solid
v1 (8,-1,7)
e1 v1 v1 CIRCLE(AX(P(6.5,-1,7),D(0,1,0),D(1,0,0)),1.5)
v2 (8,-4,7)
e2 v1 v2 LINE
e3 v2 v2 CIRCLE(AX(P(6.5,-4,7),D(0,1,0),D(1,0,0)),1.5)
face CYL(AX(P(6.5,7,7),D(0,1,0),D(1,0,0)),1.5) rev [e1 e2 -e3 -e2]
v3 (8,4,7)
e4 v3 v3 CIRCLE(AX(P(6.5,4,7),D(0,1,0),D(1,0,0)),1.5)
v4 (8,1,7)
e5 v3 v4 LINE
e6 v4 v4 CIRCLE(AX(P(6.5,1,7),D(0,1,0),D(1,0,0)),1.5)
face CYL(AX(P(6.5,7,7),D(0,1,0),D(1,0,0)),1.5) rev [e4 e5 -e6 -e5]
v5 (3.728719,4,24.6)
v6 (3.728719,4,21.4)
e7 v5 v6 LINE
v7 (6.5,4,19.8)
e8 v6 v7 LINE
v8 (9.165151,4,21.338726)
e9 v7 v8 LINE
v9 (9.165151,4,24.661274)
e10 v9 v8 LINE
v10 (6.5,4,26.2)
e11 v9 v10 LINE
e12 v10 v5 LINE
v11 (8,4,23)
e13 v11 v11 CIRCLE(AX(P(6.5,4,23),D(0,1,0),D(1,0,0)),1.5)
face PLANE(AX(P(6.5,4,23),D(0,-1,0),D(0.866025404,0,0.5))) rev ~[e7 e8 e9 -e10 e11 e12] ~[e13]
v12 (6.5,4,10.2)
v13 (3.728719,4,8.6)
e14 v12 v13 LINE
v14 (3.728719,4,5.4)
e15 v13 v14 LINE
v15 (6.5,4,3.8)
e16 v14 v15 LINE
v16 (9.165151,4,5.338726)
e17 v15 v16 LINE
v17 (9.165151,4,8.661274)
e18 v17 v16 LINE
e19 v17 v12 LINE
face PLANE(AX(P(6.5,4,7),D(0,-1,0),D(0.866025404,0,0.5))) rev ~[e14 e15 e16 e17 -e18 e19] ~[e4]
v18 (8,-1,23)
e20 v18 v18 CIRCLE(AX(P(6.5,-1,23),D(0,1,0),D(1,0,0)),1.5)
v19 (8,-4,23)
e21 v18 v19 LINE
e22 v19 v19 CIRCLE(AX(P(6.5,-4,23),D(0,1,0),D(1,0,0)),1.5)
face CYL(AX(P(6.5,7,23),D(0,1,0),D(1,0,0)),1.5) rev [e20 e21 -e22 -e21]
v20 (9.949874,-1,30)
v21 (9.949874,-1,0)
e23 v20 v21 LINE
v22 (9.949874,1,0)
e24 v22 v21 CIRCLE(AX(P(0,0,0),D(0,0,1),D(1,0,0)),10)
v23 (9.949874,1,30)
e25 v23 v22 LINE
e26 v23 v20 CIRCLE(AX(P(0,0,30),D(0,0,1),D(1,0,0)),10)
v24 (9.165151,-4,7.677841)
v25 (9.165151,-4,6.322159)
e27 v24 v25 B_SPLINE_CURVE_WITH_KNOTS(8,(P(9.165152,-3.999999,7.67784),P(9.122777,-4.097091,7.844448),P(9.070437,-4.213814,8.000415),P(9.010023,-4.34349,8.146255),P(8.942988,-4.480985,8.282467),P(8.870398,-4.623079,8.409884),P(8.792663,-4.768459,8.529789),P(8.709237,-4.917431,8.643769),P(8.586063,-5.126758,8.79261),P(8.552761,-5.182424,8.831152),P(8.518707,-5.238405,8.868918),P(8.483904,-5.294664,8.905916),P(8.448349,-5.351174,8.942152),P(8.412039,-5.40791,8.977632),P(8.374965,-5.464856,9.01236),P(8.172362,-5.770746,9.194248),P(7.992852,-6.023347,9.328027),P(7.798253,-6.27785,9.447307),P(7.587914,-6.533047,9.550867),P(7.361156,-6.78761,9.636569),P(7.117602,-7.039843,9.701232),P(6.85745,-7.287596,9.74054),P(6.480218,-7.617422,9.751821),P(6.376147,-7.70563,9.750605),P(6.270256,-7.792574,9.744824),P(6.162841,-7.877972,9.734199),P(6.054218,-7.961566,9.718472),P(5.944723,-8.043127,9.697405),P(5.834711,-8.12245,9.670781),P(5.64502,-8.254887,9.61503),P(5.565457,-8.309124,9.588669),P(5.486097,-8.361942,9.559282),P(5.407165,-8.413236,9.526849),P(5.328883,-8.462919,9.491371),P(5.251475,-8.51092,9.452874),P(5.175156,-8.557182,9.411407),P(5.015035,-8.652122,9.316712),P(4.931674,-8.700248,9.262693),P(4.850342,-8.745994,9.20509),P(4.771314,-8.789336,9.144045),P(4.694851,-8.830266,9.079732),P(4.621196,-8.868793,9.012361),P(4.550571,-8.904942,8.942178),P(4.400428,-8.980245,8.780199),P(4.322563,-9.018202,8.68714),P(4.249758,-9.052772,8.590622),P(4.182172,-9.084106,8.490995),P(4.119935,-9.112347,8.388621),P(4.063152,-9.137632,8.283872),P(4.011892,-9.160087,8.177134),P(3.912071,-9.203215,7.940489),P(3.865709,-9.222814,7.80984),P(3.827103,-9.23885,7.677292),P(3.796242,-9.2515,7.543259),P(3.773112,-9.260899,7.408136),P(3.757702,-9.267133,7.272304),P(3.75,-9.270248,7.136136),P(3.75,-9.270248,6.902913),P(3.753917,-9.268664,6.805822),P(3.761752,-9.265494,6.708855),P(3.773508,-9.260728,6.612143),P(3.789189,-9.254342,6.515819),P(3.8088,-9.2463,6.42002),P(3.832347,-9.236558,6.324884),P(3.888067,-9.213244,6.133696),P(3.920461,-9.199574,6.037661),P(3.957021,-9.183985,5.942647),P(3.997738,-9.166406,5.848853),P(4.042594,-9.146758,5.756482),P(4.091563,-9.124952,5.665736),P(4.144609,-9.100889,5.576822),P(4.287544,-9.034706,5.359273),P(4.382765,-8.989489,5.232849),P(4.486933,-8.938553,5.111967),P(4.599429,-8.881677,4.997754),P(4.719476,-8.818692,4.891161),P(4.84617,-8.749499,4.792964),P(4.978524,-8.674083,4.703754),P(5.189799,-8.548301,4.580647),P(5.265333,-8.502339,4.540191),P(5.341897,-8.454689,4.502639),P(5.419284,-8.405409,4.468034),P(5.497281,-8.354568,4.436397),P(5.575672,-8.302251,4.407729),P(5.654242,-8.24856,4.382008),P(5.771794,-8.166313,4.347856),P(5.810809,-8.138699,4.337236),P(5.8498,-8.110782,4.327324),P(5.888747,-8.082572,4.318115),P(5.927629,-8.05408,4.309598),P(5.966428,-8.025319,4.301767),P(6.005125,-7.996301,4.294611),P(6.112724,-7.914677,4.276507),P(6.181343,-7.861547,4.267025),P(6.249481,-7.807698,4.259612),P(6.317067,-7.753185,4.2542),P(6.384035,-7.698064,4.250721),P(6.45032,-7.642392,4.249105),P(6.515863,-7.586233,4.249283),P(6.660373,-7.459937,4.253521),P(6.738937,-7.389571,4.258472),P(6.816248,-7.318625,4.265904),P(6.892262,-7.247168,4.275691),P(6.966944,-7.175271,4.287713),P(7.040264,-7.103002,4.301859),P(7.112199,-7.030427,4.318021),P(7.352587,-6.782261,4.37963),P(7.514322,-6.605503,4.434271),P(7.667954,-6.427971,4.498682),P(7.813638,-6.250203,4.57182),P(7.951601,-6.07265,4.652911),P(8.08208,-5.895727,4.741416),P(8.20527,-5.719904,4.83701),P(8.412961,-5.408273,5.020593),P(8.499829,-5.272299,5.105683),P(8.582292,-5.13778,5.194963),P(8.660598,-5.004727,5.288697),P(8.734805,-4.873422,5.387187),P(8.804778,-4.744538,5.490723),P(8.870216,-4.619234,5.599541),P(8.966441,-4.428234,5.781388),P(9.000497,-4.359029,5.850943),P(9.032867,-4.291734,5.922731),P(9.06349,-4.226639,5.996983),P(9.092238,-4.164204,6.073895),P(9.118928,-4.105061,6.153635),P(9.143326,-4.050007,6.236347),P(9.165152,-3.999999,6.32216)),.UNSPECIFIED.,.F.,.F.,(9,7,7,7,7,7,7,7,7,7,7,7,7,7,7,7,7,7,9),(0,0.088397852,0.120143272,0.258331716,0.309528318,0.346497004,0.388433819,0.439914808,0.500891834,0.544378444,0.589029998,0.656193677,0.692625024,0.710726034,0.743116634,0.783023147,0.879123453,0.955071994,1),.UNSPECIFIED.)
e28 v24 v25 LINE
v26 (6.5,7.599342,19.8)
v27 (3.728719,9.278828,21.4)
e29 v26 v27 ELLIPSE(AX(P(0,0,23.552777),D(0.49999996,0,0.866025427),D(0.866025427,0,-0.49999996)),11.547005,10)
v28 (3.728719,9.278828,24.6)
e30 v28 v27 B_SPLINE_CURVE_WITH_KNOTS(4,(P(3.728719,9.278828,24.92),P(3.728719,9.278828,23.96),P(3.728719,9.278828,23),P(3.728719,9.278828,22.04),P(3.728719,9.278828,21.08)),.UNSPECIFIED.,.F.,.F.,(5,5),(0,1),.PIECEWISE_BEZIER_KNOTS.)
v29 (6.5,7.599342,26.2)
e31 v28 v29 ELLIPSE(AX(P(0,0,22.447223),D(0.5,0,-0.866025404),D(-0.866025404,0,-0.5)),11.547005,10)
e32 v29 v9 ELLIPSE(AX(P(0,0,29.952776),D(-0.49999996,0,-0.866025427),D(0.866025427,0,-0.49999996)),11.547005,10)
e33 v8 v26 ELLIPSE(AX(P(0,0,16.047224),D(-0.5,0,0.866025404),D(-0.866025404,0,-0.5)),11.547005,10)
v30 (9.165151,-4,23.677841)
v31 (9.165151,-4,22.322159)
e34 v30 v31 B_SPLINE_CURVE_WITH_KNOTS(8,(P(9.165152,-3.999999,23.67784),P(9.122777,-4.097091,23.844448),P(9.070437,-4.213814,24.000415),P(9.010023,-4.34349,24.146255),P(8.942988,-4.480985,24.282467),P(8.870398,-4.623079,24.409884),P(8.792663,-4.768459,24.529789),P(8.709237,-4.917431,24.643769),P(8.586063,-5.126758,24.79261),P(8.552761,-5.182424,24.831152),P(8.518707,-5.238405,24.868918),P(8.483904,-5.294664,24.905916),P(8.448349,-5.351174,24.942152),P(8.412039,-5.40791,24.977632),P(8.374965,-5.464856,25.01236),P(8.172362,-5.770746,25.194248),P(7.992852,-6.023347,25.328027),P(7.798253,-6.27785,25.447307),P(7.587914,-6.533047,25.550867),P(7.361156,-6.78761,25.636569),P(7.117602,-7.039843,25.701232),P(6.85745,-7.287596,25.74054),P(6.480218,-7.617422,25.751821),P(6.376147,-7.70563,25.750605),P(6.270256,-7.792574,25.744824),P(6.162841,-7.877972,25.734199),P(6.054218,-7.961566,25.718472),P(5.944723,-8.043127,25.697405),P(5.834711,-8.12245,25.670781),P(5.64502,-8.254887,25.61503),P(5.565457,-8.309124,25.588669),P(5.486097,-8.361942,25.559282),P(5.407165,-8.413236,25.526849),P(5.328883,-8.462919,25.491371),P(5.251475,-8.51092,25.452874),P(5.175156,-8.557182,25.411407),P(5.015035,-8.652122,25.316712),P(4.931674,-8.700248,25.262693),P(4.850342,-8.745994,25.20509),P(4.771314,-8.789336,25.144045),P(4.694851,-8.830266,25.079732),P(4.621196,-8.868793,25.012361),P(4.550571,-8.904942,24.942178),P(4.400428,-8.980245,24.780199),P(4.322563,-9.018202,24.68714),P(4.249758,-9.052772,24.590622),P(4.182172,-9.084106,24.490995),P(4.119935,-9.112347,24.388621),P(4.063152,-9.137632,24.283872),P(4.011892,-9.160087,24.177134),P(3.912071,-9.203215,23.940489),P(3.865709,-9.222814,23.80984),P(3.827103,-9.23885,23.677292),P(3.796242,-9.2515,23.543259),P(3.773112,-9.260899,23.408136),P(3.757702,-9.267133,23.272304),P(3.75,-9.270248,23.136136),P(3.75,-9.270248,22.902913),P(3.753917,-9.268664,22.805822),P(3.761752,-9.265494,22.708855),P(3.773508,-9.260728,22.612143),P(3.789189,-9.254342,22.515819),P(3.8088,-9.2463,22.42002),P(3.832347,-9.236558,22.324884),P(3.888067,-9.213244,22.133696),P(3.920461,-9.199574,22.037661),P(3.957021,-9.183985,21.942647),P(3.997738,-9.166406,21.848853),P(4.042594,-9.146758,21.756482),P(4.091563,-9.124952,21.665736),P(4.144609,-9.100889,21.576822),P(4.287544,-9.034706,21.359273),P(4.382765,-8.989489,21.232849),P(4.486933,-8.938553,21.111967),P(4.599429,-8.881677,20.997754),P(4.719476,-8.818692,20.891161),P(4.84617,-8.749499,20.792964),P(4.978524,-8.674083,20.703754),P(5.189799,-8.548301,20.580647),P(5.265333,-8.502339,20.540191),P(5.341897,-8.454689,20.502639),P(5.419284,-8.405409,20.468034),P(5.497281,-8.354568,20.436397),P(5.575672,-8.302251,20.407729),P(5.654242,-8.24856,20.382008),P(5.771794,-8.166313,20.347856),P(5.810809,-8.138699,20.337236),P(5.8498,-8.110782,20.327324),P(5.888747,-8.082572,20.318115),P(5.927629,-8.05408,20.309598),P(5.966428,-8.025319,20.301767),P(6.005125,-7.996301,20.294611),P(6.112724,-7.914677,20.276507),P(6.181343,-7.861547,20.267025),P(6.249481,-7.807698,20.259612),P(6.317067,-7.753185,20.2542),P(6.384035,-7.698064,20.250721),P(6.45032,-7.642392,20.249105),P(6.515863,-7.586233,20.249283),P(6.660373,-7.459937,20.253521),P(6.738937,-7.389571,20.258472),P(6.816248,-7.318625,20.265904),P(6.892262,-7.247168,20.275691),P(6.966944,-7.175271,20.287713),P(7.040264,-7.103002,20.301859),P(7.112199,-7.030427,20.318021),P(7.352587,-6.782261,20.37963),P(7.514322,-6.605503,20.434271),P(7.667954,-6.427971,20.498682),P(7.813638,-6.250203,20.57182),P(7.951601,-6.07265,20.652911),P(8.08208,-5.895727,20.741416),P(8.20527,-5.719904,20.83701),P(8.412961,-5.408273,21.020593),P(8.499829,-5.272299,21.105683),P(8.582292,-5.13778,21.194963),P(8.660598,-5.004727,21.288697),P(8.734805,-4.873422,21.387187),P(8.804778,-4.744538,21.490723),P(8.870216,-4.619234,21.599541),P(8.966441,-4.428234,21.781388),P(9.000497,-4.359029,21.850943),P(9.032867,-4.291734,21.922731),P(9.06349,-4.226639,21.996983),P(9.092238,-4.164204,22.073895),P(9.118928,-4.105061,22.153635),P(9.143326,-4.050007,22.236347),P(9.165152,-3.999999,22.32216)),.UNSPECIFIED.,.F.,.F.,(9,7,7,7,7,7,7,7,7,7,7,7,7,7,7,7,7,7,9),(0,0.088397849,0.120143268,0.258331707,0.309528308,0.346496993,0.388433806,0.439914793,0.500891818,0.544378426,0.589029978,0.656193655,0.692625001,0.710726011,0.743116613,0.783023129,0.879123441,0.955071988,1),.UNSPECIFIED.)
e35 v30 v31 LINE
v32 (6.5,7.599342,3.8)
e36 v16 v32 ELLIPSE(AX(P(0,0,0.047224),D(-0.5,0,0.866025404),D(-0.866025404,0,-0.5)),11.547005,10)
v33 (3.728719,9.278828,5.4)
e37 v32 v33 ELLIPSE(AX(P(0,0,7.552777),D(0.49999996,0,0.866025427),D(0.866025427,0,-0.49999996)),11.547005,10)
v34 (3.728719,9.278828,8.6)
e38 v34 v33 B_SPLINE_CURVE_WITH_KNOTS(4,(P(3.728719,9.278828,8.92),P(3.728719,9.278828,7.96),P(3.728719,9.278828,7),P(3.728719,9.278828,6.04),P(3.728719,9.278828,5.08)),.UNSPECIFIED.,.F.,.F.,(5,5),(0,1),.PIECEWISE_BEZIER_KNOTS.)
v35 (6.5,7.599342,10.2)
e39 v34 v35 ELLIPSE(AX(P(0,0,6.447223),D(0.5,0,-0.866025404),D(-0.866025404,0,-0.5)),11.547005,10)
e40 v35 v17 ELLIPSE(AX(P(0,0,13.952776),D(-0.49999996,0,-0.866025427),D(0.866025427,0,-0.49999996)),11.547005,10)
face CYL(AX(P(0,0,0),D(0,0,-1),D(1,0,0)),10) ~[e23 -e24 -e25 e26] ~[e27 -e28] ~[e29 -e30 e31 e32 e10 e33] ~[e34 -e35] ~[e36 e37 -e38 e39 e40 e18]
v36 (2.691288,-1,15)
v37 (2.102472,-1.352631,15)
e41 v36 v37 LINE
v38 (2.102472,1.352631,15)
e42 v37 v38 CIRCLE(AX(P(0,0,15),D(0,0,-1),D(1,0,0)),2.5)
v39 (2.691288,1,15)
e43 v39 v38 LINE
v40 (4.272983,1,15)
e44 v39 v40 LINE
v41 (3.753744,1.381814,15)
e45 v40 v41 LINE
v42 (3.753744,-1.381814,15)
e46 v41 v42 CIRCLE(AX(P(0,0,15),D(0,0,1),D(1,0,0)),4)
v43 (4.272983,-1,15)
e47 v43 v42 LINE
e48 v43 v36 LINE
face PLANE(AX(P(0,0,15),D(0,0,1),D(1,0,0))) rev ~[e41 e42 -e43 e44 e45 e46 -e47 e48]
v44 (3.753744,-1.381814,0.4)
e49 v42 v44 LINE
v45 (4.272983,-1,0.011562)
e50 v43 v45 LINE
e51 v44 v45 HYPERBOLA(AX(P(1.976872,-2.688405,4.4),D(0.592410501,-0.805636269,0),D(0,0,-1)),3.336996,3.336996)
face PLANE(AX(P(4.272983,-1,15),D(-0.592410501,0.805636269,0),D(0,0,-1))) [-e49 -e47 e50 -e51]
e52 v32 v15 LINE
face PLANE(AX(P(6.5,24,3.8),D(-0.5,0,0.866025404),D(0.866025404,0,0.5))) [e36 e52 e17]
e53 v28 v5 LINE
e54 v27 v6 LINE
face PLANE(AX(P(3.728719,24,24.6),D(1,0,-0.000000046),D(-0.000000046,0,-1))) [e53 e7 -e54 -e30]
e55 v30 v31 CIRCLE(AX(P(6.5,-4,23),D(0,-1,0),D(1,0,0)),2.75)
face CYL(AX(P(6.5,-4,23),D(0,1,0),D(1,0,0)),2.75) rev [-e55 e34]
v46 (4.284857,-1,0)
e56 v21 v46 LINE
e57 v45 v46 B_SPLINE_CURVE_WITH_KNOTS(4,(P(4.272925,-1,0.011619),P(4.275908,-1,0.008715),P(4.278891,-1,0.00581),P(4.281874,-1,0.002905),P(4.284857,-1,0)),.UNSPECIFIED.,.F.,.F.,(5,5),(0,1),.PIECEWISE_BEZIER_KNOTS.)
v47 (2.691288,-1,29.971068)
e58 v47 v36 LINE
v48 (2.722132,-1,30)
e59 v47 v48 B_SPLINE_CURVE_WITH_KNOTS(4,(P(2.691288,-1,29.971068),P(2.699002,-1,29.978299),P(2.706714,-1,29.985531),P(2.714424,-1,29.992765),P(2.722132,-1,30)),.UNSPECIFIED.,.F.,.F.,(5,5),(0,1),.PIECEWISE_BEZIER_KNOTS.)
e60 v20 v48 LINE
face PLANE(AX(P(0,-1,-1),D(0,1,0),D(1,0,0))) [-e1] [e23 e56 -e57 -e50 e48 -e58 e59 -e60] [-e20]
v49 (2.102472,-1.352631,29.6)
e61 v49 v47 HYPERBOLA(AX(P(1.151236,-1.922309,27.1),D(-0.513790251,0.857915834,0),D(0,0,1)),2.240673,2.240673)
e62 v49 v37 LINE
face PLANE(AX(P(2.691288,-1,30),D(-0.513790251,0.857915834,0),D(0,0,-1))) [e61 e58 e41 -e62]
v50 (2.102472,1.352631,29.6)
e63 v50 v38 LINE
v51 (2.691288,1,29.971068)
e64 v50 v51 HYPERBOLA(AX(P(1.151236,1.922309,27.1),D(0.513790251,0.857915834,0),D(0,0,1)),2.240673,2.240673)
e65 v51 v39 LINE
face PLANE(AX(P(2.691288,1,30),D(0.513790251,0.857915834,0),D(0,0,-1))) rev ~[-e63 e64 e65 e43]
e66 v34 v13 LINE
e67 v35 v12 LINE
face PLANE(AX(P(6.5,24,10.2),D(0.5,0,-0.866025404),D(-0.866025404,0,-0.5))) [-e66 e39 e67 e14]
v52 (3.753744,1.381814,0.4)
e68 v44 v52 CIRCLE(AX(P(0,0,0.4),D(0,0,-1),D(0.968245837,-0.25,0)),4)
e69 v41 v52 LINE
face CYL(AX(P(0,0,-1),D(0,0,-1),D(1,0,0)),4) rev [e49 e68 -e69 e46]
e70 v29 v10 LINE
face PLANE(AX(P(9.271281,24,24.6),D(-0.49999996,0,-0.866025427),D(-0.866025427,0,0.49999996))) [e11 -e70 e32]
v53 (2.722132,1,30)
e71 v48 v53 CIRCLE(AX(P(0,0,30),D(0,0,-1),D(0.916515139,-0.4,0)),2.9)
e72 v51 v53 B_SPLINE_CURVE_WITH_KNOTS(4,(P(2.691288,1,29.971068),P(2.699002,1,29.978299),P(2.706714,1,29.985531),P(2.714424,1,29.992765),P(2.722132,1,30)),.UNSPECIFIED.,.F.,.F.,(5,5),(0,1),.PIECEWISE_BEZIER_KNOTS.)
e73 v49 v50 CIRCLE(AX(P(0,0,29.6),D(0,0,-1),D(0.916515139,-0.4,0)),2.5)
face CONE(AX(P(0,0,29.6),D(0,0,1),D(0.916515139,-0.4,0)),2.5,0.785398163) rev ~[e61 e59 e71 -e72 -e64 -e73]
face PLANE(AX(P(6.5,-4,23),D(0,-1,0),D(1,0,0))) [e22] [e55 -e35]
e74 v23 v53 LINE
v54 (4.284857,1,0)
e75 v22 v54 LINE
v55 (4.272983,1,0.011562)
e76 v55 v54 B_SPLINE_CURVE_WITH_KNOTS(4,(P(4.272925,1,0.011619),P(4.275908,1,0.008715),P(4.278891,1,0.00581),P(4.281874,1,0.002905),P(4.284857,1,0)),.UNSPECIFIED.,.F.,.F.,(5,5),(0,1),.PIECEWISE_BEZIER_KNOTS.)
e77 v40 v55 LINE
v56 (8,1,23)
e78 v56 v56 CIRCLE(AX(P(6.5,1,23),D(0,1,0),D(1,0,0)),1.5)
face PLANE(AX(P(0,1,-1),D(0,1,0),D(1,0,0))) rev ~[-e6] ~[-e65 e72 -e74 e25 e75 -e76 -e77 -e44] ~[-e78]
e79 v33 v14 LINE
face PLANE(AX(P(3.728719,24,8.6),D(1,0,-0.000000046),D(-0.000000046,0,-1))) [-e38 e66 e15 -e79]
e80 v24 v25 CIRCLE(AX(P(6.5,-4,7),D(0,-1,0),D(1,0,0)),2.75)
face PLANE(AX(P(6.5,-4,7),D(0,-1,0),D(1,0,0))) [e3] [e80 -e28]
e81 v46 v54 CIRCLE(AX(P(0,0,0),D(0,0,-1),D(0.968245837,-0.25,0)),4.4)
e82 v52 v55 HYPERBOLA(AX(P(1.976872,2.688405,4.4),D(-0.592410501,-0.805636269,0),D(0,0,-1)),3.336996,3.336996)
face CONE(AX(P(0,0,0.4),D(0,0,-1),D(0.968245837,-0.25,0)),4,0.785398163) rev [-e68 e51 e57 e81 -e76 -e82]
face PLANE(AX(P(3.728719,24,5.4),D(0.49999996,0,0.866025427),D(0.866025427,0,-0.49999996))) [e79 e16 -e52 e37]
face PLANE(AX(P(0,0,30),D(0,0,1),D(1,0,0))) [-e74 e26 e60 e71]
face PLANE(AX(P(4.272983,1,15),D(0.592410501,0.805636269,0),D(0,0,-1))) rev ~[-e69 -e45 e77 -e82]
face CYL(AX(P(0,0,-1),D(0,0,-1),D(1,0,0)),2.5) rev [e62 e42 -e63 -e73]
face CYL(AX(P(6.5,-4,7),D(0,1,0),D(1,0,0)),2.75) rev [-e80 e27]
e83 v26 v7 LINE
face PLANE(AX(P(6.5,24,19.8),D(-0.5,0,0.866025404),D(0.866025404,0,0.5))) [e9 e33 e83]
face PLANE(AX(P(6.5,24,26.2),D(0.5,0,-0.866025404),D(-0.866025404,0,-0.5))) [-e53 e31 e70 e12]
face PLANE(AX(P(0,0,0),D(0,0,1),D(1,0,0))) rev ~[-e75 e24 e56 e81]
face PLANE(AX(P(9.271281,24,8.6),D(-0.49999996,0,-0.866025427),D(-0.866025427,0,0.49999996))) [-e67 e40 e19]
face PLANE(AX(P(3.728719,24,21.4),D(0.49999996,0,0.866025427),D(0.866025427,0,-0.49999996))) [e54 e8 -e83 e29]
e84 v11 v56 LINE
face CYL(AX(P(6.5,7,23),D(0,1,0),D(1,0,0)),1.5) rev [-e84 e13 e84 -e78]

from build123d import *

# Parameters (mm, degrees)
CYLINDER010_R            = 2.75
CYLINDER010_DEPTH        = 20
PRISM002_DEPTH           = 20
PRISM002_PLACEMENT_ANGLE = 30
CYLINDER009_R            = 1.5
CYLINDER009_DEPTH        = 20
FUSION009_ROLL_ANGLE     = 90
FUSION008_ROLL_ANGLE     = 90
BOX001_W                 = 13
BOX001_H                 = 2
BOX001_DEPTH             = 32
CYLINDER008_R            = 2.5
CYLINDER008_DEPTH        = 32
CYLINDER007_R            = 4
CYLINDER007_DEPTH        = 16
CYLINDER006_R            = 10
CYLINDER006_DEPTH        = 30
CHAMFER003_SIZE          = 0.4


with BuildPart() as cylinder010:
    # Cylinder010 → Cylinder010 (new body)
    with BuildSketch(Plane.XY.offset(4)):
        Circle(CYLINDER010_R)
    extrude(amount=CYLINDER010_DEPTH)


with BuildPart() as prism002:
    # Prism002 → Prism002 (new body)
    with BuildSketch(Plane.XY):
        Polygon((3.2, 0), (1.6, 2.771281), (-1.6, 2.771281), (-3.2, 0), (-1.6, -2.771281), (1.6, -2.771281), align=None)
    extrude(amount=PRISM002_DEPTH)


with BuildPart() as prism002_1:
    # Prism002 placement: moved
    add(prism002.part.moved(Location((0, 0, -24))).rotate(Axis((0, 0, -24), (0, 0, 1)), PRISM002_PLACEMENT_ANGLE))


with BuildPart() as cylinder009:
    # Cylinder009 → Cylinder009 (new body)
    with BuildSketch(Plane.XY.offset(-7)):
        Circle(CYLINDER009_R)
    extrude(amount=CYLINDER009_DEPTH)


with BuildPart() as fusion009:
    # Fusion009 base: copy of Cylinder009
    add(cylinder009.part)

    # Fusion009: union Cylinder010, Prism002
    add(cylinder010.part)
    add(prism002_1.part)


with BuildPart() as fusion009_1:
    # Fusion009 roll: moved
    add(fusion009.part.rotate(Axis((0, 0, 0), (1, 0, 0)), FUSION009_ROLL_ANGLE))


with BuildPart() as fusion009_2:
    # Fusion009 placement: moved
    add(fusion009_1.part.moved(Location((6.5, 0, 23))))


with BuildPart() as fusion010:
    # Fusion008 base: copy of Cylinder009
    add(cylinder009.part)

    # Fusion008: union Cylinder010, Prism002
    add(cylinder010.part)
    add(prism002_1.part)


with BuildPart() as fusion010_1:
    # Fusion008 roll: moved
    add(fusion010.part.rotate(Axis((0, 0, 0), (1, 0, 0)), FUSION008_ROLL_ANGLE))


with BuildPart() as fusion010_2:
    # Fusion008 placement: moved
    add(fusion010_1.part.moved(Location((6.5, 0, 7))))

    # Fusion010: union Fusion009
    add(fusion009_2.part)


with BuildPart() as cube001:
    # Box001 → Box001 (new body)
    with BuildSketch(Plane(origin=(0, -1, -1), x_dir=(1, 0, 0), z_dir=(0, 0, 1))):
        with Locations((6.5, 1)):
            Rectangle(BOX001_W, BOX001_H)
    extrude(amount=BOX001_DEPTH)


with BuildPart() as cylinder008:
    # Cylinder008 → Cylinder008 (new body)
    with BuildSketch(Plane.XY.offset(-1)):
        Circle(CYLINDER008_R)
    extrude(amount=CYLINDER008_DEPTH)


with BuildPart() as fusion007:
    # Cylinder007 → Cylinder007 (new body)
    with BuildSketch(Plane.XY.offset(-1)):
        Circle(CYLINDER007_R)
    extrude(amount=CYLINDER007_DEPTH)

    # Fusion007: union Cube001, Cylinder008
    add(cube001.part)
    add(cylinder008.part)


with BuildPart() as chamfer003:
    # Cylinder006 → Cylinder006 (new body)
    with BuildSketch(Plane.XY):
        Circle(CYLINDER006_R)
    extrude(amount=CYLINDER006_DEPTH)

    # Cut005: cut Fusion007
    add(fusion007.part, mode=Mode.SUBTRACT)

    # Cut006: cut Fusion010
    add(fusion010_2.part, mode=Mode.SUBTRACT)

    # Chamfer003
    chamfer003_edges = [chamfer003.edges().sort_by_distance(p)[0] for p in [
        (-2.5, 0, 30),
        (3.872983, 1, 7.5),
        (2.291288, 1, 22.5),
        (3.872983, -1, 7.5),
        (2.291288, -1, 22.5),
        (-4, 0, 0),
    ]]
    chamfer(chamfer003_edges, length=CHAMFER003_SIZE)


solid = chamfer003.part
